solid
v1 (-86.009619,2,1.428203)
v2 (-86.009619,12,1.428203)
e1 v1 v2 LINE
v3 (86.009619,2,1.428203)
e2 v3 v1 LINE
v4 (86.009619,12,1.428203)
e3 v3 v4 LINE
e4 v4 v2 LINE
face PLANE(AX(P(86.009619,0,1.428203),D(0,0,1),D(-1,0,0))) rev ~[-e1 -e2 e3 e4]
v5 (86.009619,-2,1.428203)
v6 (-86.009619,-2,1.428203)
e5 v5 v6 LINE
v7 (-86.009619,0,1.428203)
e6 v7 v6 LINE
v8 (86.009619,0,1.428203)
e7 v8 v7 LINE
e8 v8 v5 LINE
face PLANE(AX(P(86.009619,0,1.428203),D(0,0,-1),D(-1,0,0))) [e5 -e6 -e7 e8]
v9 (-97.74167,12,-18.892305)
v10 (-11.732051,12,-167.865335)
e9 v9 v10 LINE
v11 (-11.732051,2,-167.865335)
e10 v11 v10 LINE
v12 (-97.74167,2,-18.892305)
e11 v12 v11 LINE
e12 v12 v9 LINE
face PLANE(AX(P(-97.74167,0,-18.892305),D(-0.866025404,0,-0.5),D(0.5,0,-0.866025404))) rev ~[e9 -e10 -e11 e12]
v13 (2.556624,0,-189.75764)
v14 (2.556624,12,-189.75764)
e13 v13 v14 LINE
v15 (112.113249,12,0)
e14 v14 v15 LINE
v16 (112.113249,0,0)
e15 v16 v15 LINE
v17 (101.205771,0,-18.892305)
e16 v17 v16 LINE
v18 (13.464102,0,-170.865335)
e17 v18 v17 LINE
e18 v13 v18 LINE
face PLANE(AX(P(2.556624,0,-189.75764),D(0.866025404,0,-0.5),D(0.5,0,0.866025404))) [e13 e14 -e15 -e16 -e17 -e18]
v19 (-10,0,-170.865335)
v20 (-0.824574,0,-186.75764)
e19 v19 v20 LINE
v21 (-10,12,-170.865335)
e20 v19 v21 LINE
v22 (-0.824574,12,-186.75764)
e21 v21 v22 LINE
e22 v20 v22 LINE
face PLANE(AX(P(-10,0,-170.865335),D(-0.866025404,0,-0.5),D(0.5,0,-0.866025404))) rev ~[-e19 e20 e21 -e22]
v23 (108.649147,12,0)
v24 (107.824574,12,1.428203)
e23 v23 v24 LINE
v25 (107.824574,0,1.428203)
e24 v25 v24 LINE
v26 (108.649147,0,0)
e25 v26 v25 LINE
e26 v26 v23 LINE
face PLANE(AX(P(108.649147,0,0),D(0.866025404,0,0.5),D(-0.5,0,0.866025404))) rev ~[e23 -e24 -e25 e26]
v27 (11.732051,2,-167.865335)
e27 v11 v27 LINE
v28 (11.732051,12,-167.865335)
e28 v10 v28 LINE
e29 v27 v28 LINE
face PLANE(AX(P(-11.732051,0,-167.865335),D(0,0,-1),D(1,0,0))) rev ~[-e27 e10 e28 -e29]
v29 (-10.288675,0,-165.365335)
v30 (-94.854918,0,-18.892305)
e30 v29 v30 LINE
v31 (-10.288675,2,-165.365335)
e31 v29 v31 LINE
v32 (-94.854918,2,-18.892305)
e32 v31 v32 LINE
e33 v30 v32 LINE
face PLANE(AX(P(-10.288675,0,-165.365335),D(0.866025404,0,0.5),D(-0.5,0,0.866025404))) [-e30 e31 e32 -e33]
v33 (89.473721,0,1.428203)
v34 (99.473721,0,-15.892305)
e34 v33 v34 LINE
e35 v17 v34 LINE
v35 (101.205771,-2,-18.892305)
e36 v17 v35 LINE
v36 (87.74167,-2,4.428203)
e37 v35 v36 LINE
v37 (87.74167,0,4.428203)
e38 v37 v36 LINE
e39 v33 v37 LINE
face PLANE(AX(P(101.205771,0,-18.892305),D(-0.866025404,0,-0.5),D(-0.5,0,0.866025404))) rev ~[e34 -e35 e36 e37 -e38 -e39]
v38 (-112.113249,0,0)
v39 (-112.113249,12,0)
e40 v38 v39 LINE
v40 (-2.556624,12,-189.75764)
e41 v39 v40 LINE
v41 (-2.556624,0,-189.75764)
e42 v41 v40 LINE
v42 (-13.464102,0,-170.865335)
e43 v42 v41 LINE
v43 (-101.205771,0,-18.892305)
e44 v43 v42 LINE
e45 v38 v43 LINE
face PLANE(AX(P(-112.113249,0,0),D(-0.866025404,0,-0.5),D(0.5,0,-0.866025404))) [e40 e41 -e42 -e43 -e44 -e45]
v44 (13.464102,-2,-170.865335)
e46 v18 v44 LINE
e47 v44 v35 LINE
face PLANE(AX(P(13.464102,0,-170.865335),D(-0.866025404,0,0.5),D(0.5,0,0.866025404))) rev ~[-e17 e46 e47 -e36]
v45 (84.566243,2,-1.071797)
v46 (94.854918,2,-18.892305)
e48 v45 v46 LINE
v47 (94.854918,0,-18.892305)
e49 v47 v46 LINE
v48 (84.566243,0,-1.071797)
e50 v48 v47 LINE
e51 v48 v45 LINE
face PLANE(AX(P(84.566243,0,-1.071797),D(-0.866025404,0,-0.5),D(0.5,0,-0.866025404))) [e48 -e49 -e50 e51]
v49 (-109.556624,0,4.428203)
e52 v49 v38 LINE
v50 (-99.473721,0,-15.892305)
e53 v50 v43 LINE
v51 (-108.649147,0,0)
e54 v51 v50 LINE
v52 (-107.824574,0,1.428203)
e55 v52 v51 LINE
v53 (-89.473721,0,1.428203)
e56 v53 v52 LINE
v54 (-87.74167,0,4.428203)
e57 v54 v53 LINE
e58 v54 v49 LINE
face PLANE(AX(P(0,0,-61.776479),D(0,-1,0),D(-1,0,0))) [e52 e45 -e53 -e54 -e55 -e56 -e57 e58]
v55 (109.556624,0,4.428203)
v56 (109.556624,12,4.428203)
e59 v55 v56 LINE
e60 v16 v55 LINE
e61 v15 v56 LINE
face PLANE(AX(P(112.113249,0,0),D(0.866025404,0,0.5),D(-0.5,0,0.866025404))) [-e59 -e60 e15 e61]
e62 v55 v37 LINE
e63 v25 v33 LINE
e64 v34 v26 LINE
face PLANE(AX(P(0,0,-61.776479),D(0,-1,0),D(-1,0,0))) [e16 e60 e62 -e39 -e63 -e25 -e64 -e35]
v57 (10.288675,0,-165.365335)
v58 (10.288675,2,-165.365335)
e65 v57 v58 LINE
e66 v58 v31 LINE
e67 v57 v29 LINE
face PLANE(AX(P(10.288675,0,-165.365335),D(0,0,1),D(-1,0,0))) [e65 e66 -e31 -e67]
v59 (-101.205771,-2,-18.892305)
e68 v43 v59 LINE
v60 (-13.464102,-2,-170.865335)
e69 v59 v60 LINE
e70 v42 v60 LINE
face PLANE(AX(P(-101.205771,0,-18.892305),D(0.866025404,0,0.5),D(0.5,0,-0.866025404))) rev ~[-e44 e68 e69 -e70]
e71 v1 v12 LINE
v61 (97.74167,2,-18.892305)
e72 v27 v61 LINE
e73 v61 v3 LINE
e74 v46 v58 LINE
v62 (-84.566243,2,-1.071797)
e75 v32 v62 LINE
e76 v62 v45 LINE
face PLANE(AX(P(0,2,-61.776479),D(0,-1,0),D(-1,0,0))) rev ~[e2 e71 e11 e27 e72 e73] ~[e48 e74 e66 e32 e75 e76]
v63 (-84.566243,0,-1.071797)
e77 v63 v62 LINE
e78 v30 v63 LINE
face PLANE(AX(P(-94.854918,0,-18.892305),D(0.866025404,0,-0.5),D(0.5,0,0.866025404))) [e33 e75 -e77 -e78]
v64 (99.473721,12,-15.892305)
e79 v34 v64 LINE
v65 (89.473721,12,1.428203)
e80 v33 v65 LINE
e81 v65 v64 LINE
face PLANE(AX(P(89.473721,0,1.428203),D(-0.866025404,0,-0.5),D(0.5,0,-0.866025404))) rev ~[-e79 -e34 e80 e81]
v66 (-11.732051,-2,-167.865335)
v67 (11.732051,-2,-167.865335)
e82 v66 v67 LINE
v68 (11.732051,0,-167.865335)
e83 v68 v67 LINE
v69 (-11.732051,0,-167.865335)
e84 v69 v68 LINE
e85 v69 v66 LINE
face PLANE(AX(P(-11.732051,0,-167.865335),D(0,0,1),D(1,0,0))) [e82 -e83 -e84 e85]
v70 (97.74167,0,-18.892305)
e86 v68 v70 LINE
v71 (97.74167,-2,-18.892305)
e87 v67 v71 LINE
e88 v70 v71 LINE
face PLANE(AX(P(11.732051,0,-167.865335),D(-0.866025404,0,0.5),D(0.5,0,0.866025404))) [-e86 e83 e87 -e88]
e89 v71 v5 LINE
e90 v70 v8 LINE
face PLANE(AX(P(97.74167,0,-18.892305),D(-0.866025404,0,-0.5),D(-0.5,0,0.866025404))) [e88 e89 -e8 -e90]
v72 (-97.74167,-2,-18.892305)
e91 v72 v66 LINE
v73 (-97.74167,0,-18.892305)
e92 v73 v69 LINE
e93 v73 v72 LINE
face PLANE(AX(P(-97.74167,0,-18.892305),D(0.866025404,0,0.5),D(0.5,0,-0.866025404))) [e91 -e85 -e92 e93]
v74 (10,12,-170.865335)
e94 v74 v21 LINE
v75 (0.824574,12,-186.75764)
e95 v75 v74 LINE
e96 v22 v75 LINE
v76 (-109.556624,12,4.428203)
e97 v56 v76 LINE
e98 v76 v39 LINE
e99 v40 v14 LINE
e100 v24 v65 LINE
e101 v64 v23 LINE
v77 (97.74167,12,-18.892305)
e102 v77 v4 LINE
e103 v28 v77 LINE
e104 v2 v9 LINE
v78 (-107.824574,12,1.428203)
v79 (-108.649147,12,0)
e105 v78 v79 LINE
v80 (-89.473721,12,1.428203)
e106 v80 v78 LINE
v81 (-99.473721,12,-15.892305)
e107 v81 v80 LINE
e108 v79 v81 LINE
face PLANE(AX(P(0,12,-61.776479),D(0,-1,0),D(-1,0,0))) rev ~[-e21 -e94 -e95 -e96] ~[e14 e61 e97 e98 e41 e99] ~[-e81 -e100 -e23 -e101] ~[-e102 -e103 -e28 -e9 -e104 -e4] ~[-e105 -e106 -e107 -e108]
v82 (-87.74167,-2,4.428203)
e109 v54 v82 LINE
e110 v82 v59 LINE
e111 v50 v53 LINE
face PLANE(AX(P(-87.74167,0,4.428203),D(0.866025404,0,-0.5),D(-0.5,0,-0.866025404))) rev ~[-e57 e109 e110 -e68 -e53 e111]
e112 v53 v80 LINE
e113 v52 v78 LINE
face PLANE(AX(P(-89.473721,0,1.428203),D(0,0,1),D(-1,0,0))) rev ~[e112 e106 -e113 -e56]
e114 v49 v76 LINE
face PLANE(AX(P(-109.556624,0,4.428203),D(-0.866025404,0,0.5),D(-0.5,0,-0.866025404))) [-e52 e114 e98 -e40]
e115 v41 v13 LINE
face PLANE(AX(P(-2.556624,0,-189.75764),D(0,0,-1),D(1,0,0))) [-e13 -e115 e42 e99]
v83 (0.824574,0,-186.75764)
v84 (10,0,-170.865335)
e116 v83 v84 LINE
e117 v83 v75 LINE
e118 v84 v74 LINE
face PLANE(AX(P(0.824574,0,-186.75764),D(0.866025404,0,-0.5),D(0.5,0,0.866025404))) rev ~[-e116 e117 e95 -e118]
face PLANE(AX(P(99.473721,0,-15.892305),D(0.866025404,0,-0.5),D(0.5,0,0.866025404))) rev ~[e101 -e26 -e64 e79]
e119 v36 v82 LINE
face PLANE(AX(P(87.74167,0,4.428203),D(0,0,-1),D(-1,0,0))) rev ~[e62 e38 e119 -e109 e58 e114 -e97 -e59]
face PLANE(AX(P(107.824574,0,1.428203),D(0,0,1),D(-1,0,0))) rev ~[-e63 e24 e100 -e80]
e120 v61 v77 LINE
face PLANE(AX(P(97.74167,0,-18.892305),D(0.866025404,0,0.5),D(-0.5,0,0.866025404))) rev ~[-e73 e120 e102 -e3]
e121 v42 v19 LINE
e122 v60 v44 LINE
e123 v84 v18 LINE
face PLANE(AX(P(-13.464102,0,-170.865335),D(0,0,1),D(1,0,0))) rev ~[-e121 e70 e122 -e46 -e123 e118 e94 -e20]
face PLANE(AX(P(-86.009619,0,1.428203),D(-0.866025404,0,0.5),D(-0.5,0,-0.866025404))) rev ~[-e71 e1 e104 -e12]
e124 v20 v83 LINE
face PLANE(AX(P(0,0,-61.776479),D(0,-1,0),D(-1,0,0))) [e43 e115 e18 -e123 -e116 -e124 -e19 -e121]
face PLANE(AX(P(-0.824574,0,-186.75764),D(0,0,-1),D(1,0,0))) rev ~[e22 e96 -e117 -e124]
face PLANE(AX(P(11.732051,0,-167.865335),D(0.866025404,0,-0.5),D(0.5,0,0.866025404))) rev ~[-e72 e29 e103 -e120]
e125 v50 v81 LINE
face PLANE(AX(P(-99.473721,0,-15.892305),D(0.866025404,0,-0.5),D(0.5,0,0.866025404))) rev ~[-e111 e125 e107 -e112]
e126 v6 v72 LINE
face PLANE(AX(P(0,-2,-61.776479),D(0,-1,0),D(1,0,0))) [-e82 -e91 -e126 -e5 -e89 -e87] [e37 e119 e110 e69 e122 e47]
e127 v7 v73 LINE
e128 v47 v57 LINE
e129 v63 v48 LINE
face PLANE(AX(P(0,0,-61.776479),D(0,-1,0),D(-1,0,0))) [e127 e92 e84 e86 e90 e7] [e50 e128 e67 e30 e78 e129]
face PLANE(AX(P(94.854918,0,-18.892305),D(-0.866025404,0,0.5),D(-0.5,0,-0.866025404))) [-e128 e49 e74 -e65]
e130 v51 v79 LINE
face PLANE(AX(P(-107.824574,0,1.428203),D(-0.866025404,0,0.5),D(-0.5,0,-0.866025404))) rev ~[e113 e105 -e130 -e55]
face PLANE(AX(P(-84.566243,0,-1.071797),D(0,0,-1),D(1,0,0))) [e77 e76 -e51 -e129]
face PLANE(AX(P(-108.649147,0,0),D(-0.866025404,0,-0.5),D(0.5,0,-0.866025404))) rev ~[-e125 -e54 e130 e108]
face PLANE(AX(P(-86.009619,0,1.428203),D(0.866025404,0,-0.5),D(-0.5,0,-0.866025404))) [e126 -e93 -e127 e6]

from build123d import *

# Parameters (mm, degrees)
BOSS_EXTRUDE1_DEPTH = 12
BOSS_EXTRUDE2_DEPTH = 2
BOSS_EXTRUDE3_DEPTH = 2


with BuildPart() as part:
    # Sketch1 → Boss-Extrude1 (new body)
    with BuildSketch(Plane(origin=(0, 0, 0), x_dir=(1, 0, 0), z_dir=(0, 1, 0))):
        Polygon((109.556624327, -4.42820323), (-109.556624327, -4.42820323), (-112.113248654, 0), (-2.556624327, 189.75763964), (2.556624327, 189.75763964), (112.113248654, 0), align=None)
        Polygon((-107.824573519, -1.42820323), (-108.649147039, 0), (-99.473720558, 15.892304845), (-89.473720558, -1.42820323), align=None, mode=Mode.SUBTRACT)
        Polygon((-0.824573519, 186.75763964), (0.824573519, 186.75763964), (10, 170.865334795), (-10, 170.865334795), align=None, mode=Mode.SUBTRACT)
        Polygon((108.649147039, 0), (107.824573519, -1.42820323), (89.473720558, -1.42820323), (99.473720558, 15.892304845), align=None, mode=Mode.SUBTRACT)
        Polygon((-11.732050808, 167.865334795), (11.732050808, 167.865334795), (97.741669751, 18.892304845), (86.009618943, -1.42820323), (-86.009618943, -1.42820323), (-97.741669751, 18.892304845), align=None, mode=Mode.SUBTRACT)
    extrude(amount=BOSS_EXTRUDE1_DEPTH)

    # Sketch1<4> → Boss-Extrude2 (add)
    with BuildSketch(Plane(origin=(0, 0, 0), x_dir=(1, 0, 0), z_dir=(0, 1, 0))):
        Polygon((11.732050808, 167.865334795), (-11.732050808, 167.865334795), (-97.741669751, 18.892304845), (-86.009618943, -1.42820323), (86.009618943, -1.42820323), (97.741669751, 18.892304845), align=None)
        Polygon((84.56624327, 1.07179677), (-84.56624327, 1.07179677), (-94.854918405, 18.892304845), (-10.288675135, 165.365334795), (10.288675135, 165.365334795), (94.854918405, 18.892304845), align=None, mode=Mode.SUBTRACT)
    extrude(amount=BOSS_EXTRUDE2_DEPTH)

    # Sketch2 → Boss-Extrude3 (add)
    with BuildSketch(Plane.XZ):
        Polygon((101.205771366, -18.892304845), (87.741669751, 4.42820323), (-87.741669751, 4.42820323), (-101.205771366, -18.892304845), (-13.464101615, -170.865334795), (13.464101615, -170.865334795), align=None)
        Polygon((-11.732050807, -167.865334795), (11.732050807, -167.865334795), (97.741669751, -18.892304845), (86.009618943, 1.42820323), (-86.009618943, 1.42820323), (-97.741669751, -18.892304845), align=None, mode=Mode.SUBTRACT)
    extrude(amount=BOSS_EXTRUDE3_DEPTH)


solid = part.part
